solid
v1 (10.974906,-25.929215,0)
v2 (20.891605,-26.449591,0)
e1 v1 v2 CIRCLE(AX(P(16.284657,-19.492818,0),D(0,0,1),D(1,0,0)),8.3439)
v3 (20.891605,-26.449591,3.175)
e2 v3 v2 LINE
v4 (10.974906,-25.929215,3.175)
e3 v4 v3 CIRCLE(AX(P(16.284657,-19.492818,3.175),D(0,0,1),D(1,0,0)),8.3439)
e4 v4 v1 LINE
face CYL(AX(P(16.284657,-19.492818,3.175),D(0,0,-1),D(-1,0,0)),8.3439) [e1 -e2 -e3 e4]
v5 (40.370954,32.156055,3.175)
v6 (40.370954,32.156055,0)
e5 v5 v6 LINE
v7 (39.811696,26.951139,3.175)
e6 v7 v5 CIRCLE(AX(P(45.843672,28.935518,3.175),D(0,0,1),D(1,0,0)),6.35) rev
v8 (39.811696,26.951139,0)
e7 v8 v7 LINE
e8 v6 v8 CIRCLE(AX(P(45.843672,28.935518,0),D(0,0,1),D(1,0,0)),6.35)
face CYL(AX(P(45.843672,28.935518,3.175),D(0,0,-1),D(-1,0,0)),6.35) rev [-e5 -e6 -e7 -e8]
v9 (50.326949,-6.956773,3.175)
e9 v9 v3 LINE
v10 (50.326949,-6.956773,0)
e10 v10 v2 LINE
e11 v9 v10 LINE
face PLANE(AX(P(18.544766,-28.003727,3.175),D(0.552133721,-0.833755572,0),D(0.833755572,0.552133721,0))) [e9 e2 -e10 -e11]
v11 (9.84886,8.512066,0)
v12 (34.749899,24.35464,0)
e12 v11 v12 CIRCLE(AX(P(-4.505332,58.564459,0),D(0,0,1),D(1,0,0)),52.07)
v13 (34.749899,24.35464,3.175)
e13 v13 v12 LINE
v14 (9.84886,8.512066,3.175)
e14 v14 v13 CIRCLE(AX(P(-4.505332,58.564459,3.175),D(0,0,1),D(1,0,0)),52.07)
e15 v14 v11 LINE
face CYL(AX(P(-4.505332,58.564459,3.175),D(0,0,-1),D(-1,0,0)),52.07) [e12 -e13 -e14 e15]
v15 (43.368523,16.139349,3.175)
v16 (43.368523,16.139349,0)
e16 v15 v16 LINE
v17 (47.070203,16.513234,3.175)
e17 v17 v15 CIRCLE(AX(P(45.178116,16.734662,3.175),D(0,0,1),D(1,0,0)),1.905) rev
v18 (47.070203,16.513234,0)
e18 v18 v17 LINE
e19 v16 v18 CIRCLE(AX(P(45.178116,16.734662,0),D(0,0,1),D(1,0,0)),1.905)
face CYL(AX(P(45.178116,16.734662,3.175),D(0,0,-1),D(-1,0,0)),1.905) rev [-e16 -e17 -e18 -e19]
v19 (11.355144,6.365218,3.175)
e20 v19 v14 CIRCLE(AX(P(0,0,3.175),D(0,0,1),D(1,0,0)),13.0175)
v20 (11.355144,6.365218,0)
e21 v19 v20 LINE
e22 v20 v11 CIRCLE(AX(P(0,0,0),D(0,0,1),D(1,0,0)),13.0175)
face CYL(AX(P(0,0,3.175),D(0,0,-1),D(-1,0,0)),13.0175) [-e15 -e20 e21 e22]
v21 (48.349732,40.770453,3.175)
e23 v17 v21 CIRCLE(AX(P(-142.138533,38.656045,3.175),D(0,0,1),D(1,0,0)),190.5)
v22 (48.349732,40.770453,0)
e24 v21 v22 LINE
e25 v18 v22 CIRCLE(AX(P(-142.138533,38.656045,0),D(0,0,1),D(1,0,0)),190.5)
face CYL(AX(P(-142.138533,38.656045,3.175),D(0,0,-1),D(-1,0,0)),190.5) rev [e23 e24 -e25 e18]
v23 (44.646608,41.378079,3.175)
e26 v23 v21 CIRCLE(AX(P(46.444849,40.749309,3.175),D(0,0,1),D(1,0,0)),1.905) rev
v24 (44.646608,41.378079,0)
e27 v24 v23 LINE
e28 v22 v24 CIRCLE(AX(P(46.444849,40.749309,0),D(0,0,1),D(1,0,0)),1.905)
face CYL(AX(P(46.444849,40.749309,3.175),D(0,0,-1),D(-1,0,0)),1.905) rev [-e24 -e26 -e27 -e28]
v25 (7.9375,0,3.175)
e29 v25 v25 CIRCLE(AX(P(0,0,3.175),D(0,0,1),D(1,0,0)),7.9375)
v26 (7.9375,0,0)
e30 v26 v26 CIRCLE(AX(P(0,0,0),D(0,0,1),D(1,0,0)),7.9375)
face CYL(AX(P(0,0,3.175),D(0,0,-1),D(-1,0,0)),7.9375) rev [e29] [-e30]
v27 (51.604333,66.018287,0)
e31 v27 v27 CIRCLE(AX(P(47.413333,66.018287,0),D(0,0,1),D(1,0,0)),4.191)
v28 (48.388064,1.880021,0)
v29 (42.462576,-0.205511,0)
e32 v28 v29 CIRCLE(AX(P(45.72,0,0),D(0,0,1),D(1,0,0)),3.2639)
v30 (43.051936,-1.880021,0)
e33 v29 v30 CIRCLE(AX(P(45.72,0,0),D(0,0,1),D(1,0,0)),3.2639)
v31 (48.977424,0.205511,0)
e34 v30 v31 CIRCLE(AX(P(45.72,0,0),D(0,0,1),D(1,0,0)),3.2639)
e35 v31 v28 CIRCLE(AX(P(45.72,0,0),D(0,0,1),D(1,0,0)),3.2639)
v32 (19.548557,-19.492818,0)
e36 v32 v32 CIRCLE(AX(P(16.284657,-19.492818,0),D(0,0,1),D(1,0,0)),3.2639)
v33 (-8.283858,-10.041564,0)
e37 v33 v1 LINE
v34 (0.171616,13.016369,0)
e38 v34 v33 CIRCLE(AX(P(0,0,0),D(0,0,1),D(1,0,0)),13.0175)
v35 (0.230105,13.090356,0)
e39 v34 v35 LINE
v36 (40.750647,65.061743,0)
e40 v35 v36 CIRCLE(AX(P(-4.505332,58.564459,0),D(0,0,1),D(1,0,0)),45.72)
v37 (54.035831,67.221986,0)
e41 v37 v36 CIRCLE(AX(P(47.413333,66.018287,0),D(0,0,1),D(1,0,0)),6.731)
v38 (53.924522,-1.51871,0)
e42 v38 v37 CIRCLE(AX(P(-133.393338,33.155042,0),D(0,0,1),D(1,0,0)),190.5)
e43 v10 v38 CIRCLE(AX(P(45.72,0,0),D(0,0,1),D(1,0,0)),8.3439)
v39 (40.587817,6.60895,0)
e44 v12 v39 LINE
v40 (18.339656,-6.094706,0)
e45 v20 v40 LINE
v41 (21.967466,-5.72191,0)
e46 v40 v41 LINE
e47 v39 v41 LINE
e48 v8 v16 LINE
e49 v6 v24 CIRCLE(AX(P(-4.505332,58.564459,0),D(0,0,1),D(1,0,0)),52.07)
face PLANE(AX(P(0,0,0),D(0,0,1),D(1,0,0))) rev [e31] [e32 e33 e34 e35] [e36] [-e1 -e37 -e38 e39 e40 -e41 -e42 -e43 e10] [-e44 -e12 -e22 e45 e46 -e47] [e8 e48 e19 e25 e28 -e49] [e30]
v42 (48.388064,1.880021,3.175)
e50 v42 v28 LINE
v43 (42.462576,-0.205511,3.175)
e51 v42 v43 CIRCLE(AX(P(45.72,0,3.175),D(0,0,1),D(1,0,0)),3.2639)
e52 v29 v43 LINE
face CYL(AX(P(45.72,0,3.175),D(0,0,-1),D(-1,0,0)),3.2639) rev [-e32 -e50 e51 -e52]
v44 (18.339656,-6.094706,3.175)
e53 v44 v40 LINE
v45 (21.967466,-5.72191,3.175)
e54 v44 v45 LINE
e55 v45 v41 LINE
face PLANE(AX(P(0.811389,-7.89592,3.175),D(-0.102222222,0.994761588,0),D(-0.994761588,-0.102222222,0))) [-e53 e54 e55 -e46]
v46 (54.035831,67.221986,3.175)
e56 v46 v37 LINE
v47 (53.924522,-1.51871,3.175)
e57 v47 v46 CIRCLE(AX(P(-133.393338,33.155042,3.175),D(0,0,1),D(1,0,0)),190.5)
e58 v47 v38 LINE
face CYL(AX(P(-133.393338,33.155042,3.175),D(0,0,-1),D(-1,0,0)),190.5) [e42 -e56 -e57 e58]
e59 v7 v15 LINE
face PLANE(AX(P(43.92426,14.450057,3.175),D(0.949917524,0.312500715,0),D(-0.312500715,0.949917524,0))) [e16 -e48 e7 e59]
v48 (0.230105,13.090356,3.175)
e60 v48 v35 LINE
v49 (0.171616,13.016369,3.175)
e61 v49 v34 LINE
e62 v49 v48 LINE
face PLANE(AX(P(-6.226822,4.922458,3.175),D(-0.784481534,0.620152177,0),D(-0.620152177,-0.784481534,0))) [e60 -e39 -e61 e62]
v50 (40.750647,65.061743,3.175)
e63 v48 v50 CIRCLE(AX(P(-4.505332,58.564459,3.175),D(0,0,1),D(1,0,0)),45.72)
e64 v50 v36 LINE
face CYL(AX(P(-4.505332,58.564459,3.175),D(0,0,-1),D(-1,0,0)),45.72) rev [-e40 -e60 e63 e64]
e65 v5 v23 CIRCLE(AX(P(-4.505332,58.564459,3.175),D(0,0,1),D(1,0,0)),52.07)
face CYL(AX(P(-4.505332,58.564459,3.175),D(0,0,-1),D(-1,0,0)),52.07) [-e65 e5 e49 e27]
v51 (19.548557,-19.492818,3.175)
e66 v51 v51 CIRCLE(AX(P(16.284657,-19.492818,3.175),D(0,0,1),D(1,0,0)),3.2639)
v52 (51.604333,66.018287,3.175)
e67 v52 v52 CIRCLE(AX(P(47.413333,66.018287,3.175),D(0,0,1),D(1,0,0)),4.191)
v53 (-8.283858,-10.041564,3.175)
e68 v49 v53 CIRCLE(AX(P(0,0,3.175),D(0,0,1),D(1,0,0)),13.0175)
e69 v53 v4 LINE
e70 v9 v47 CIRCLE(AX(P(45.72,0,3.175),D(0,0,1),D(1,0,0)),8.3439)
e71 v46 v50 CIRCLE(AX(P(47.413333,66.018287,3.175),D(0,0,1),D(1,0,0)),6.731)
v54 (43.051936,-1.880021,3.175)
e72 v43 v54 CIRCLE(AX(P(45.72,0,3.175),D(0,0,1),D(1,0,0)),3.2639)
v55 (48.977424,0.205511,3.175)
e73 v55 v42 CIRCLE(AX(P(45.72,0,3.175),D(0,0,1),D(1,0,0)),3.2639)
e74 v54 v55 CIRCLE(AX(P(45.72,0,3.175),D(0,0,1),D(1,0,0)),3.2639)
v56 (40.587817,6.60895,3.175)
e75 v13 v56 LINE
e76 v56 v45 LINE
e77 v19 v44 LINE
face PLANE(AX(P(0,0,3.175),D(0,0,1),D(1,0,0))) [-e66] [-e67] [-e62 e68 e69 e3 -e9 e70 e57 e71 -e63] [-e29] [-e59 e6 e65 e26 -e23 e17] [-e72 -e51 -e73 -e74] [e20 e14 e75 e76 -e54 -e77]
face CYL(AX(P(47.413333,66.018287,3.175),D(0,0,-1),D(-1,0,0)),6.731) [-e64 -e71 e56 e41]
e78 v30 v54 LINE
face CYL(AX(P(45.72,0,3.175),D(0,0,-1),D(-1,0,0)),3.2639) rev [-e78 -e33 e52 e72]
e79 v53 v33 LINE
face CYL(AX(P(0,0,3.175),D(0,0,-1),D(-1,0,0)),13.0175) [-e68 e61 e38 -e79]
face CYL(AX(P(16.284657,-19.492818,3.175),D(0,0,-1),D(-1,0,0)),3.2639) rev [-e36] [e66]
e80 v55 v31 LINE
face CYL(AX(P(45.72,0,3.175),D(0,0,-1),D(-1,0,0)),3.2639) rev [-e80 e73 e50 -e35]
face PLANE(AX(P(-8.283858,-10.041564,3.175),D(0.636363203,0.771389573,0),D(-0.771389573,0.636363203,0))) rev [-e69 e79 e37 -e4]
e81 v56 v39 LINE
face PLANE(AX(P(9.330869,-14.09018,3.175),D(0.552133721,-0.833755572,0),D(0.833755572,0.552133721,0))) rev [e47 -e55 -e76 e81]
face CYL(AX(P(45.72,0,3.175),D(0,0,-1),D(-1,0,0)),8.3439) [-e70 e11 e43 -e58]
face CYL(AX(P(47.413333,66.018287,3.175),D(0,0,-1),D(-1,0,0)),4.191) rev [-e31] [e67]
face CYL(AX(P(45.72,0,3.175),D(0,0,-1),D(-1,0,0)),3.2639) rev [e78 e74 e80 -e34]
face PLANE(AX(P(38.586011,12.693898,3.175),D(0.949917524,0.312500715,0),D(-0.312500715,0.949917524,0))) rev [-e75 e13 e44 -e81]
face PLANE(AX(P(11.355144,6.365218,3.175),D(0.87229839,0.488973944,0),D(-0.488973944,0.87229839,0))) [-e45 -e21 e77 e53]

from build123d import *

# Parameters (mm, degrees)
SKETCH2_R           = 7.9375
SKETCH2_R_2         = 3.2639
SKETCH2_R_3         = 4.191
BOSS_EXTRUDE1_DEPTH = 3.175
FILLET3_R           = 1.905
FILLET4_R           = 6.35


with BuildPart() as part:
    # Sketch2 → Boss-Extrude1 (new body)
    with BuildSketch(Plane.XY):
        with BuildLine():
            ThreePointArc((53.924522294, -1.518710351), (57.106411985, 32.846575285), (54.035830718, 67.22198524))
            ThreePointArc((54.035830718, 67.22198524), (46.333024889, 72.662028043), (40.750647472, 65.061742146))
            ThreePointArc((40.750647472, 65.061742146), (31.550758366, 30.452598432), (0.230104832, 13.090356345))
            Line((0.230104832, 13.090356345), (0.171615761, 13.016368706))
            ThreePointArc((0.171615761, 13.016368706), (-12.221668504, 4.481754704), (-8.283857999, -10.041563768))
            Line((-8.283857999, -10.041563768), (10.974906006, -25.929215326))
            ThreePointArc((10.974906006, -25.929215326), (15.847415014, -27.825253688), (20.891605497, -26.449590983))
            Line((20.891605497, -26.449590983), (50.326948559, -6.956773116))
            ThreePointArc((50.326948559, -6.956773116), (52.678920751, -4.603703856), (53.924522294, -1.518710351))
        make_face()
        Circle(SKETCH2_R, mode=Mode.SUBTRACT)
        with Locations((16.284656938, -19.492817867)):
            Circle(SKETCH2_R_2, mode=Mode.SUBTRACT)
        with Locations((45.72, 0)):
            Circle(SKETCH2_R_2, mode=Mode.SUBTRACT)
        with BuildLine():
            Line((40.587817362, 6.608950017), (21.967466437, -5.721910488))
            Line((21.967466437, -5.721910488), (18.339656124, -6.094706177))
            Line((18.339656124, -6.094706177), (11.355144297, 6.365218318))
            ThreePointArc((11.355144297, 6.365218318), (10.656204093, 7.476671758), (9.848859751, 8.512066016))
            ThreePointArc((9.848859751, 8.512066016), (23.445327069, 14.632175726), (34.749899024, 24.354640398))
            Line((34.749899024, 24.354640398), (40.587817362, 6.608950017))
        make_face(mode=Mode.SUBTRACT)
        with BuildLine():
            ThreePointArc((47.523781163, 56.501393309), (48.257752726, 32.370804269), (45.933946154, 8.34115665))
            Line((45.933946154, 8.34115665), (38.882442516, 29.775817606))
            ThreePointArc((38.882442516, 29.775817606), (45.039190515, 42.544935267), (47.523781163, 56.501393309))
        make_face(mode=Mode.SUBTRACT)
        with Locations((47.413333333, 66.018287029)):
            Circle(SKETCH2_R_3, mode=Mode.SUBTRACT)
    extrude(amount=BOSS_EXTRUDE1_DEPTH)

    # Fillet3
    fillet3_edges = [part.edges().sort_by_distance(p)[0] for p in [
        (47.523781163, 56.501393309, 1.5875),
        (45.933946154, 8.34115665, 1.5875),
    ]]
    fillet(fillet3_edges, radius=FILLET3_R)

    # Fillet4
    fillet4_edges = [part.edges().sort_by_distance(p)[0] for p in [
        (38.882442516, 29.775817606, 1.5875),
    ]]
    fillet(fillet4_edges, radius=FILLET4_R)


solid = part.part
